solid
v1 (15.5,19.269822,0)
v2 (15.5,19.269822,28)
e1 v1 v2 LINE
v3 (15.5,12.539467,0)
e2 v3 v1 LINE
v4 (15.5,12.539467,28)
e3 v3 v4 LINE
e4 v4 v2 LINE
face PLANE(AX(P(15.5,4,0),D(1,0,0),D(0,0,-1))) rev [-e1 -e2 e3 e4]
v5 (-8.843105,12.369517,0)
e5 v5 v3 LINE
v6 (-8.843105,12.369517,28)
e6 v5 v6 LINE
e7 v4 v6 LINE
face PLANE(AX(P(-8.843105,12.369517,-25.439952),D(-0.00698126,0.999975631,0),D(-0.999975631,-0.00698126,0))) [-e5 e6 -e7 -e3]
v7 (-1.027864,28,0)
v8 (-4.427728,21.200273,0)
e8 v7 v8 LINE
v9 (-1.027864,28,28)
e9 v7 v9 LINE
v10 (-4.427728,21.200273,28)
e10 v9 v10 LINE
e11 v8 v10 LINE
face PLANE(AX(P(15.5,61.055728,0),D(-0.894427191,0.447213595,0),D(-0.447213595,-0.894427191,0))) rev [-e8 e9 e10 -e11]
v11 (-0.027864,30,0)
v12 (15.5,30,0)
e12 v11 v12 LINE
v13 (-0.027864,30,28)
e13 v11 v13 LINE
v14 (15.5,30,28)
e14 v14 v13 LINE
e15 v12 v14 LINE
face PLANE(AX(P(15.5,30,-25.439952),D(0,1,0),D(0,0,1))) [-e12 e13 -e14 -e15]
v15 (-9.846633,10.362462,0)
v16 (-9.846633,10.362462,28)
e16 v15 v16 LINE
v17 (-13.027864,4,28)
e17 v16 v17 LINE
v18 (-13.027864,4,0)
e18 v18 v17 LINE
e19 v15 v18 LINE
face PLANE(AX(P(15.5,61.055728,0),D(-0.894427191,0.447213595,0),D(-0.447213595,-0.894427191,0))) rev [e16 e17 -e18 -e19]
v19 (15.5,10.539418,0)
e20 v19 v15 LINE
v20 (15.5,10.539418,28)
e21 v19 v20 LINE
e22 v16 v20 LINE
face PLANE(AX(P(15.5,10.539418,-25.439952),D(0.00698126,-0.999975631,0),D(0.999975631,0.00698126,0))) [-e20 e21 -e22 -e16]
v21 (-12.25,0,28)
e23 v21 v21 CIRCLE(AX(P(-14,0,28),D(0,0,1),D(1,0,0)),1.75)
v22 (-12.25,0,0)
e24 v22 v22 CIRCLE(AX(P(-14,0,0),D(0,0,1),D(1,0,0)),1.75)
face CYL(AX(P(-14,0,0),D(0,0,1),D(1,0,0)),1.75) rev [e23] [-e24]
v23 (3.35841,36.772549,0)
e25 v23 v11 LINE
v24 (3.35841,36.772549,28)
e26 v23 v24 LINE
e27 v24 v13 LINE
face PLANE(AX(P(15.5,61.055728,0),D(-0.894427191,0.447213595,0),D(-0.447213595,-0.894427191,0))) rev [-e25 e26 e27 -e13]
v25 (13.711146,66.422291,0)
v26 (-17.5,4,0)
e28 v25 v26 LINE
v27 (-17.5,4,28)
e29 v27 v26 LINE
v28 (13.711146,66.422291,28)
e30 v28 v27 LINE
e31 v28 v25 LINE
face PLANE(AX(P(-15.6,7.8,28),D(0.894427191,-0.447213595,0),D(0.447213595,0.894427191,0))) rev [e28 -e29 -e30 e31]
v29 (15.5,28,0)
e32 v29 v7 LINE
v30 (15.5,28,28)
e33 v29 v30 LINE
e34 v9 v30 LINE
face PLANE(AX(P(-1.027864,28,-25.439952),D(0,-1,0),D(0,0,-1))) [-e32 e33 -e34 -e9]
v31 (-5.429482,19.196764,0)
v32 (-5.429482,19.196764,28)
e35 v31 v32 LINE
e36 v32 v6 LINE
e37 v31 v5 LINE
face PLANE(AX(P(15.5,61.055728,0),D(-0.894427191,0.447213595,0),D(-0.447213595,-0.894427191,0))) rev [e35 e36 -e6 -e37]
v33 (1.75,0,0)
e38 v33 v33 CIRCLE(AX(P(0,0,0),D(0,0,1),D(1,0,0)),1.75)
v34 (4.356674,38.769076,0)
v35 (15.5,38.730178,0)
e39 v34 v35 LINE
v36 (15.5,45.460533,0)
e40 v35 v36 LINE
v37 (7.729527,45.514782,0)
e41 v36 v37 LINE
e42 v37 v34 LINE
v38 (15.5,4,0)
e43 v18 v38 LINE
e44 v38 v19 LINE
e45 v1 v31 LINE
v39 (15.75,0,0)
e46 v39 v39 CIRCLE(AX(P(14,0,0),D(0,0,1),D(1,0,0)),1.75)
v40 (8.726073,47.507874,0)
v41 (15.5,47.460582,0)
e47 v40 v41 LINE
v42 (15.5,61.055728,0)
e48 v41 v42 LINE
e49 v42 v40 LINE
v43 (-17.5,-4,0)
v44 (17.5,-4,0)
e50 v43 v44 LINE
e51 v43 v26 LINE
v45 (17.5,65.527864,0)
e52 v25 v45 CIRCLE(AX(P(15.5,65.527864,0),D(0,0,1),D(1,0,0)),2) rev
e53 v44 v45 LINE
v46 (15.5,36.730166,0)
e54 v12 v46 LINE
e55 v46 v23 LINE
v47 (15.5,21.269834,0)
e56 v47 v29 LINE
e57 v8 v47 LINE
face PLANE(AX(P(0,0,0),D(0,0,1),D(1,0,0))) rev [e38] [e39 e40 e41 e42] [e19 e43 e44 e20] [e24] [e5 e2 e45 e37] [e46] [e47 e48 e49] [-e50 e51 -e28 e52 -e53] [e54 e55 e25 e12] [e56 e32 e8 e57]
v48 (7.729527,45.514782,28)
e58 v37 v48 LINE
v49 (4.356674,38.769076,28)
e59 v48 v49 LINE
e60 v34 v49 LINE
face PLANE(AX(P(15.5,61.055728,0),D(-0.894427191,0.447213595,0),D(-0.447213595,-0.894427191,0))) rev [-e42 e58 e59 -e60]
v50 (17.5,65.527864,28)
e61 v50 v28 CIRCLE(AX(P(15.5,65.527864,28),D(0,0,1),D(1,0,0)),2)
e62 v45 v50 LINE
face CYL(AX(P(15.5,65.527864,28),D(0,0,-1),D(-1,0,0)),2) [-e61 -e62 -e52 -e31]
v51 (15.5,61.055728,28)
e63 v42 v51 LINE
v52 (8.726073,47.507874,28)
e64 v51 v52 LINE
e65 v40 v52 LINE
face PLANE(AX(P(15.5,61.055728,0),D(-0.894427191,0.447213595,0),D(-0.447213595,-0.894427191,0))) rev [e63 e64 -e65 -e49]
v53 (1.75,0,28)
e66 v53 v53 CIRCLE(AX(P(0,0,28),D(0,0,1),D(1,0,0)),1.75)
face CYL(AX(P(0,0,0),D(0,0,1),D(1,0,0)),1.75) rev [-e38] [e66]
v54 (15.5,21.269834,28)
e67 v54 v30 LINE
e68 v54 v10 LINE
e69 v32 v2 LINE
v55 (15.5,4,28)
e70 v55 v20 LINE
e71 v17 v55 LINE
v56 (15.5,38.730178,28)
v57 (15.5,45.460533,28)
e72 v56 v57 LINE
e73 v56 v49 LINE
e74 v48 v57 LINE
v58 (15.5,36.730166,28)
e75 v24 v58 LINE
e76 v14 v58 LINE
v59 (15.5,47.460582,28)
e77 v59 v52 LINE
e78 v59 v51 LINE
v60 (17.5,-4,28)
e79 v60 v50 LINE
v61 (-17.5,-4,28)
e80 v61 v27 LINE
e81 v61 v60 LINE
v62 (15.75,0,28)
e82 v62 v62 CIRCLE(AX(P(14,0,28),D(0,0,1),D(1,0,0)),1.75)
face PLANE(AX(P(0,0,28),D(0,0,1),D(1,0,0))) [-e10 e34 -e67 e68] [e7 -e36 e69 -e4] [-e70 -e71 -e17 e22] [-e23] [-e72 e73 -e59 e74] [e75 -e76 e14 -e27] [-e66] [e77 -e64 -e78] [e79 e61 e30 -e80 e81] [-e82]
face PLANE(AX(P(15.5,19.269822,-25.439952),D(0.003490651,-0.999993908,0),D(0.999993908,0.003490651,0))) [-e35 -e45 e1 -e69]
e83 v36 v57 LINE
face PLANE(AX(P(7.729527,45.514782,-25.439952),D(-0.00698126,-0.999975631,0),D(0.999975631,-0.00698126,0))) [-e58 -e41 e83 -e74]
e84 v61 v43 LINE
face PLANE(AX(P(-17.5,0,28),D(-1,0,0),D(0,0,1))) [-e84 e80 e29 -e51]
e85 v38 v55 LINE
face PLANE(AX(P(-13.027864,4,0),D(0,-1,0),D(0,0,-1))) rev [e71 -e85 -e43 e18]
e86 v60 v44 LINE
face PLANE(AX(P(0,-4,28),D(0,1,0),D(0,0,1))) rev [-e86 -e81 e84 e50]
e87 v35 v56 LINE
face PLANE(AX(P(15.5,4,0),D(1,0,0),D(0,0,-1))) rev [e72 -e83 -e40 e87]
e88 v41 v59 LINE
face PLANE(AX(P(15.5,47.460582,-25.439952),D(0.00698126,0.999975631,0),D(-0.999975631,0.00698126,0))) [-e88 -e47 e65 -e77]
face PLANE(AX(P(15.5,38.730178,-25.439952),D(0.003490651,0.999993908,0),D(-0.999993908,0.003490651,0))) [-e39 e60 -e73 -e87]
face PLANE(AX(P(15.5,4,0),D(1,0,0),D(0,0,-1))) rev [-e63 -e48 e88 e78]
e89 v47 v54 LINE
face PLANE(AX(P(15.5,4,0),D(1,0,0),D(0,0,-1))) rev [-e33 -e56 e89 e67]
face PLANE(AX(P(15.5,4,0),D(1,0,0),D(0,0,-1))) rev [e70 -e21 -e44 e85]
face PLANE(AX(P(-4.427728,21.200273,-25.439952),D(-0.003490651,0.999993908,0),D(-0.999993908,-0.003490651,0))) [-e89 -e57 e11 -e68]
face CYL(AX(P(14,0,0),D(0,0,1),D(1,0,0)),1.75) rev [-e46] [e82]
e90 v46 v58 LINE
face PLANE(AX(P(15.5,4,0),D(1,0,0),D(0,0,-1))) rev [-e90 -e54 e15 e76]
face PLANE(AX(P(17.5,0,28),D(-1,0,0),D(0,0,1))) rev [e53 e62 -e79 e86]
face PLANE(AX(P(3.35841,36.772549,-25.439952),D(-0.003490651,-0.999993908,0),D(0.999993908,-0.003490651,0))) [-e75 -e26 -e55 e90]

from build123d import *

# Parameters (mm, degrees)
SKETCH_1_W          = 35
SKETCH_1_H          = 8
EXTRUDE_1_DEPTH     = 28
SKETCH_2_R          = 1.75
CUT_EXTRUDE_1_DEPTH = 29
CUT_EXTRUDE_2_DEPTH = 29
FILLET_1_R          = 2
EXTRUDE_2_DEPTH     = 28


with BuildPart() as part:
    # Эскиз1 → Бобышка-Вытянуть1 (new body)
    with BuildSketch(Plane.XY):
        Polygon((17.5, 4), (17.5, 74), (-17.5, 4), align=None)
        Rectangle(SKETCH_1_W, SKETCH_1_H)
    extrude(amount=EXTRUDE_1_DEPTH)

    # Эскиз2 → Вырез-Вытянуть1 (cut, through all)
    with BuildSketch(Plane.XY.offset(28)):
        Circle(SKETCH_2_R)
        with Locations((-14, 0)):
            Circle(SKETCH_2_R)
        with Locations((14, 0)):
            Circle(SKETCH_2_R)
    extrude(amount=-CUT_EXTRUDE_1_DEPTH, mode=Mode.SUBTRACT)

    # Эскиз3 → Вырез-Вытянуть2 (cut, through all)
    with BuildSketch(Plane.XY.offset(28)):
        Polygon((-13.027864045, 4), (15.5, 4), (15.5, 61.05572809), align=None)
    extrude(amount=-CUT_EXTRUDE_2_DEPTH, mode=Mode.SUBTRACT)

    # Скругление1
    fillet_1_edges = [part.edges().sort_by_distance(p)[0] for p in [
        (17.5, 74, 14),
    ]]
    fillet(fillet_1_edges, radius=FILLET_1_R)

    # Эскиз5 → Бобышка-Вытянуть2 (add)
    with BuildSketch(Plane.XY.offset(28)):
        Polygon((15.5, 12.539466863), (15.5, 10.539418123), (-9.84663286, 10.362462369), (-8.843105462, 12.369517166), align=None)
        Polygon((15.5, 21.269833716), (15.5, 19.269821531), (-5.429482266, 19.196763559), (-4.427727775, 21.200272541), align=None)
        Polygon((-0.027864045, 30), (-1.027864045, 28), (15.5, 28), (15.5, 30), align=None)
        Polygon((4.356674041, 38.769076173), (3.358410255, 36.7725486), (15.5, 36.730166284), (15.5, 38.730178469), align=None)
        Polygon((8.726072744, 47.507873578), (7.729527032, 45.514782153), (15.5, 45.460533137), (15.5, 47.460581877), align=None)
    extrude(amount=-EXTRUDE_2_DEPTH)


solid = part.part
